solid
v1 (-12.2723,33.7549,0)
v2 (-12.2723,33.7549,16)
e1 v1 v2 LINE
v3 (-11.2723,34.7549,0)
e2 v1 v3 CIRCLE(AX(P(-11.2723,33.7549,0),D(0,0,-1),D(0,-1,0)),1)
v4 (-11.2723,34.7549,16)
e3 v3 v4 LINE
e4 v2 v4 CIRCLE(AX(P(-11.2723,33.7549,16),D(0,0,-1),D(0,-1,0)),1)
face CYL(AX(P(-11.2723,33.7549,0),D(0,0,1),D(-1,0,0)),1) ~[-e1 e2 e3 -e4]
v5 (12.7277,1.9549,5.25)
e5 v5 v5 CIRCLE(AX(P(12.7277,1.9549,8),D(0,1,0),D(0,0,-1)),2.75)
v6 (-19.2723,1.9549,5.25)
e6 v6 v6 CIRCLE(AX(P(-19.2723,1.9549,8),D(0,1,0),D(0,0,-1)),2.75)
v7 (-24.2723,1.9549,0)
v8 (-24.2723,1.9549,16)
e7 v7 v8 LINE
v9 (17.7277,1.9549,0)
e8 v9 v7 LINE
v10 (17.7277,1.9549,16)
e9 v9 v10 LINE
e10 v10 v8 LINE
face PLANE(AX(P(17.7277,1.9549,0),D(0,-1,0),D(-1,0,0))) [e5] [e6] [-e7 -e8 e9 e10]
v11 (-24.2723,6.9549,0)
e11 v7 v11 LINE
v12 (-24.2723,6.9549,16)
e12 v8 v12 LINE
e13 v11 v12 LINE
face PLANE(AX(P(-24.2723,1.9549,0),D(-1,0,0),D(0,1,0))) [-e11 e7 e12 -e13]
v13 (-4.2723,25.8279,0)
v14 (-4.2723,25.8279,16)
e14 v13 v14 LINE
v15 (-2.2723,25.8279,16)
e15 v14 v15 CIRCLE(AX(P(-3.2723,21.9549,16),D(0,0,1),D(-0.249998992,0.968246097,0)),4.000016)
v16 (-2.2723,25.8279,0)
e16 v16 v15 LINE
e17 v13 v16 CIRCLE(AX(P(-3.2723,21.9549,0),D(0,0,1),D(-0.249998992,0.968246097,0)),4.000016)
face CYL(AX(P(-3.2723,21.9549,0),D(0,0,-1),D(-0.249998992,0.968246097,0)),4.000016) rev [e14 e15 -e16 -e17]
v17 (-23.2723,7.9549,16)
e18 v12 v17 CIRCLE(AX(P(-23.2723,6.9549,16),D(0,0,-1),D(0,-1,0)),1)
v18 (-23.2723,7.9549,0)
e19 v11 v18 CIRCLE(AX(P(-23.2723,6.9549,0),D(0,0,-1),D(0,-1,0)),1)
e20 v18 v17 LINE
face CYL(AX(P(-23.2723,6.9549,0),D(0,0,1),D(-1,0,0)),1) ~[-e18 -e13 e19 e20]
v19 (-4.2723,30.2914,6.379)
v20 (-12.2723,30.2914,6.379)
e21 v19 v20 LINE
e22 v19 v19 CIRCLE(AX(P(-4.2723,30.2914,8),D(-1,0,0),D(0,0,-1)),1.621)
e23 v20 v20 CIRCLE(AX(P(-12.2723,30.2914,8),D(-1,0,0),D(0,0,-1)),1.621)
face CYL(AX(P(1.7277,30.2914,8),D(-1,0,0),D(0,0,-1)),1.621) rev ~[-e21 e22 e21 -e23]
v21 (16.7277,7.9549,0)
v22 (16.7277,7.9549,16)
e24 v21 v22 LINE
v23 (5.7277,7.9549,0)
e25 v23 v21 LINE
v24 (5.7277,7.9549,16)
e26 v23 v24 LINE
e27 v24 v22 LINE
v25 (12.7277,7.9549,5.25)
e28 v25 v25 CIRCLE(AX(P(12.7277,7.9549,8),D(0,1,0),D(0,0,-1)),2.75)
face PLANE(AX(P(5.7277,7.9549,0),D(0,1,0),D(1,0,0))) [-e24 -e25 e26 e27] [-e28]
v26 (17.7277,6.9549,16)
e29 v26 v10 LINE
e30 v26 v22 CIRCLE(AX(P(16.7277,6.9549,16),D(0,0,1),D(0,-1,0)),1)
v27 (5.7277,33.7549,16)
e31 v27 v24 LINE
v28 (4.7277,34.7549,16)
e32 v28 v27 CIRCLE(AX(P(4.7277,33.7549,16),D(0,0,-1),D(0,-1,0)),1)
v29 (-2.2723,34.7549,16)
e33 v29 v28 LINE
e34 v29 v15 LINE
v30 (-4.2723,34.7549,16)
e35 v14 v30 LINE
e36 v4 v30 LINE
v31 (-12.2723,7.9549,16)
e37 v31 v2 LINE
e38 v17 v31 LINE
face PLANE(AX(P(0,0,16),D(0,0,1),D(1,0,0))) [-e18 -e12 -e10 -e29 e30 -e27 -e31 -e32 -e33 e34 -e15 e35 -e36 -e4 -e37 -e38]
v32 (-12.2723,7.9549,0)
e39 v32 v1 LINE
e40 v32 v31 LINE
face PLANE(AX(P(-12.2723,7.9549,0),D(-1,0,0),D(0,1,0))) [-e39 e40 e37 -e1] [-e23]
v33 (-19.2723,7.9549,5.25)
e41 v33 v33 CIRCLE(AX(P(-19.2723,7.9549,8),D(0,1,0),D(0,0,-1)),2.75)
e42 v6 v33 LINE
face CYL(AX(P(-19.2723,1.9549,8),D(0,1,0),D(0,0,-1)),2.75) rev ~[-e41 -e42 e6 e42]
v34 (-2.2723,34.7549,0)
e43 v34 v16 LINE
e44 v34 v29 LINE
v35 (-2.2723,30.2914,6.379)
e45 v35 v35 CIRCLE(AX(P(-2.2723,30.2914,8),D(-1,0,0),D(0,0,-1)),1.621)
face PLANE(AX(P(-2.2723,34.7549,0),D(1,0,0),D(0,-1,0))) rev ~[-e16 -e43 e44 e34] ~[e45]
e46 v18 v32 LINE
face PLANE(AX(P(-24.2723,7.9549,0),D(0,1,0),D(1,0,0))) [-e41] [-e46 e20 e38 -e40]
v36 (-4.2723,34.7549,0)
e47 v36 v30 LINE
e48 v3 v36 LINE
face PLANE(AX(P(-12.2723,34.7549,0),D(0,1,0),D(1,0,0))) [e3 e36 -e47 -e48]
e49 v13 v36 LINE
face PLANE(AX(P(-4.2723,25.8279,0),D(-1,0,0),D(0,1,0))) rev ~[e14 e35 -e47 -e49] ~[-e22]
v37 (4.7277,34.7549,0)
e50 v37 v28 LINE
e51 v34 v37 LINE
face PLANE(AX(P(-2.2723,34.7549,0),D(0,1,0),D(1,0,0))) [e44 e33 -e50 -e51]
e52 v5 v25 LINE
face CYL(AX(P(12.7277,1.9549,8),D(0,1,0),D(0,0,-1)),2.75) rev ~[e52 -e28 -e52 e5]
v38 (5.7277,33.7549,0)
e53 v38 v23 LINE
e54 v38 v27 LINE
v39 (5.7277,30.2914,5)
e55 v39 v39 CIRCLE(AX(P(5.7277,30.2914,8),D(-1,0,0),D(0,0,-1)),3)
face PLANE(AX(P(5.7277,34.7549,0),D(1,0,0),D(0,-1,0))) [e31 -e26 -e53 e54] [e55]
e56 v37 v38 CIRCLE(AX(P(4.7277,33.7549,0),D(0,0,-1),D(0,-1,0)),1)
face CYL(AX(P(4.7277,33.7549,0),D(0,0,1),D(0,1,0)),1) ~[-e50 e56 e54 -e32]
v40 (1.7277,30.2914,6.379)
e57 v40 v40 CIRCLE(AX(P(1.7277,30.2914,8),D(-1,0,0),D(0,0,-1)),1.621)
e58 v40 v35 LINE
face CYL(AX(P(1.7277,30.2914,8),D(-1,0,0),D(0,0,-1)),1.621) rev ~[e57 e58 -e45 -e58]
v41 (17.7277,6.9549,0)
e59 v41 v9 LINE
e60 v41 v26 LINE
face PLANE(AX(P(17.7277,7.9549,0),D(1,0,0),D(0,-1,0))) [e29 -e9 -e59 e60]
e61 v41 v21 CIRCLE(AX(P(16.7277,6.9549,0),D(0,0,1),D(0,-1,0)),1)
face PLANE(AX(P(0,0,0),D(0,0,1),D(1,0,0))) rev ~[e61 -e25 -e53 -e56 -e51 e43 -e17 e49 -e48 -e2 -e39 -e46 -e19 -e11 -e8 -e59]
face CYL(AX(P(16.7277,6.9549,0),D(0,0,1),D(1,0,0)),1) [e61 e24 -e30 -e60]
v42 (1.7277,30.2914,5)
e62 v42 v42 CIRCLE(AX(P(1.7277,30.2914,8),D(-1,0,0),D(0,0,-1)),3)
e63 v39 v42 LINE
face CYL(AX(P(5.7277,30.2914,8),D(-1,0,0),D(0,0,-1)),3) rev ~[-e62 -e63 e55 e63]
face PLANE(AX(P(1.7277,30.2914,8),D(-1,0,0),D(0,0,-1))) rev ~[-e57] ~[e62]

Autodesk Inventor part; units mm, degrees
ref_plane "YZ Plane" through (0, 0, 0) normal (1, 0, 0) x (0, 1, 0)
ref_plane "XZ Plane" through (0, 0, 0) normal (0, 1, 0) x (-1, 0, 0)
ref_plane "XY Plane" through (0, 0, 0) normal (0, 0, 1) x (1, 0, 0)
sketch "Esboço1" plane through (0, 0, 0) normal (0, 0, 1) x (1, 0, 0)
  line L0 (17.7277, 1.9549) -> (-24.2723, 1.9549)
  line L1 (-24.2723, 1.9549) -> (-24.2723, 7.9549)
  line L2 (17.7277, 7.9549) -> (17.7277, 1.9549)
  line L3 (5.7277, 34.7549) -> (5.7277, 7.9549)
  line L4 (-12.2723, 7.9549) -> (-12.2723, 34.7549)
  arc A0 (-4.2723, 25.8279) -> (-2.2723, 25.8279) centre (-3.2723, 21.9549) ccw
  line L5 (-24.2723, 7.9549) -> (-12.2723, 7.9549)
  line L6 (5.7277, 7.9549) -> (17.7277, 7.9549)
  line L7 (-2.2723, 34.7549) -> (-2.2723, 25.8279)
  line L8 (-4.2723, 25.8279) -> (-4.2723, 34.7549)
  line L9 (-12.2723, 34.7549) -> (-4.2723, 34.7549)
  line L10 (-2.2723, 34.7549) -> (5.7277, 34.7549)
  dimension "largura" = 42
  dimension "largura_topo" = 18
  dimension "altura_base" = 6
  dimension "diametro" = 8
  dimension "altura_furo" = 20
  dimension "d6" = 12
  dimension "d7" = 9
  dimension "d8" = 6
  dimension "d10" = 8
  dimension "d11" = 8
  dimension "altura" = 32.8
  dimension "d33" = 32.8
extrude "Extrusão1" add sketch "Esboço1" along normal blind 16
sketch "Esboço2" plane through (5.7277, 7.9549, 0) normal (1, 0, 0) x (0, 0, -1)
  line L0 (0, 17.873) -> (-16, 17.873) projected
  line L1 (-8, 17.873) -> (-8, 26.8) construction
  circle A0 centre (-8, 22.3365) radius 1.1711 construction
  line L2 (0, 26.8) -> (-16, 26.8) projected
  point P0 (0, -7.9549)
hole "Furo1" at (5.7277, 30.2914, 8) direction (-1, 0, 0) diameter 3.242 end through all counterbore diameter 6 counterbore depth 4 thread size "M4x0.7" class "6H" standard "ANSI Metric M Profile"
sketch "Esboço3" plane through (-24.2723, 1.9549, 0) normal (0, -1, 0) x (1, 0, 0)
  line L0 (5, 8) -> (37, 8) construction
  circle A0 centre (5, 8) radius 1 construction
  circle A1 centre (37, 8) radius 1 construction
  line L1 (42, 0) -> (0, 0) construction
  line L2 (21, 0) -> (21, 16) construction
  line L3 (0, 16) -> (42, 16) construction
  point P0 (21, 8)
  dimension "distancia_parafusos" = 32
  dimension "d22" = 2
  dimension "d23" = 2
hole "Furo2" at (-19.2723, 1.9549, 8) at (12.7277, 1.9549, 8) direction (0, 1, 0) diameter 5.5 end through all
fillet "Arredondamento1" radius 1 4 edges at (5.7277, 34.7549, 8) (-12.2723, 34.7549, 8) (-24.2723, 7.9549, 8) (17.7277, 7.9549, 8)
equation "\"d6\" = -0.5 * largura_topo + 0.5 * largura"
equation "\"d7\" = 0.5 * largura_topo"
equation "\"d8\" = altura_base"
equation "\"d11\" = d10"
equation "\"d33\" = altura"
properties part number "Sk8"
